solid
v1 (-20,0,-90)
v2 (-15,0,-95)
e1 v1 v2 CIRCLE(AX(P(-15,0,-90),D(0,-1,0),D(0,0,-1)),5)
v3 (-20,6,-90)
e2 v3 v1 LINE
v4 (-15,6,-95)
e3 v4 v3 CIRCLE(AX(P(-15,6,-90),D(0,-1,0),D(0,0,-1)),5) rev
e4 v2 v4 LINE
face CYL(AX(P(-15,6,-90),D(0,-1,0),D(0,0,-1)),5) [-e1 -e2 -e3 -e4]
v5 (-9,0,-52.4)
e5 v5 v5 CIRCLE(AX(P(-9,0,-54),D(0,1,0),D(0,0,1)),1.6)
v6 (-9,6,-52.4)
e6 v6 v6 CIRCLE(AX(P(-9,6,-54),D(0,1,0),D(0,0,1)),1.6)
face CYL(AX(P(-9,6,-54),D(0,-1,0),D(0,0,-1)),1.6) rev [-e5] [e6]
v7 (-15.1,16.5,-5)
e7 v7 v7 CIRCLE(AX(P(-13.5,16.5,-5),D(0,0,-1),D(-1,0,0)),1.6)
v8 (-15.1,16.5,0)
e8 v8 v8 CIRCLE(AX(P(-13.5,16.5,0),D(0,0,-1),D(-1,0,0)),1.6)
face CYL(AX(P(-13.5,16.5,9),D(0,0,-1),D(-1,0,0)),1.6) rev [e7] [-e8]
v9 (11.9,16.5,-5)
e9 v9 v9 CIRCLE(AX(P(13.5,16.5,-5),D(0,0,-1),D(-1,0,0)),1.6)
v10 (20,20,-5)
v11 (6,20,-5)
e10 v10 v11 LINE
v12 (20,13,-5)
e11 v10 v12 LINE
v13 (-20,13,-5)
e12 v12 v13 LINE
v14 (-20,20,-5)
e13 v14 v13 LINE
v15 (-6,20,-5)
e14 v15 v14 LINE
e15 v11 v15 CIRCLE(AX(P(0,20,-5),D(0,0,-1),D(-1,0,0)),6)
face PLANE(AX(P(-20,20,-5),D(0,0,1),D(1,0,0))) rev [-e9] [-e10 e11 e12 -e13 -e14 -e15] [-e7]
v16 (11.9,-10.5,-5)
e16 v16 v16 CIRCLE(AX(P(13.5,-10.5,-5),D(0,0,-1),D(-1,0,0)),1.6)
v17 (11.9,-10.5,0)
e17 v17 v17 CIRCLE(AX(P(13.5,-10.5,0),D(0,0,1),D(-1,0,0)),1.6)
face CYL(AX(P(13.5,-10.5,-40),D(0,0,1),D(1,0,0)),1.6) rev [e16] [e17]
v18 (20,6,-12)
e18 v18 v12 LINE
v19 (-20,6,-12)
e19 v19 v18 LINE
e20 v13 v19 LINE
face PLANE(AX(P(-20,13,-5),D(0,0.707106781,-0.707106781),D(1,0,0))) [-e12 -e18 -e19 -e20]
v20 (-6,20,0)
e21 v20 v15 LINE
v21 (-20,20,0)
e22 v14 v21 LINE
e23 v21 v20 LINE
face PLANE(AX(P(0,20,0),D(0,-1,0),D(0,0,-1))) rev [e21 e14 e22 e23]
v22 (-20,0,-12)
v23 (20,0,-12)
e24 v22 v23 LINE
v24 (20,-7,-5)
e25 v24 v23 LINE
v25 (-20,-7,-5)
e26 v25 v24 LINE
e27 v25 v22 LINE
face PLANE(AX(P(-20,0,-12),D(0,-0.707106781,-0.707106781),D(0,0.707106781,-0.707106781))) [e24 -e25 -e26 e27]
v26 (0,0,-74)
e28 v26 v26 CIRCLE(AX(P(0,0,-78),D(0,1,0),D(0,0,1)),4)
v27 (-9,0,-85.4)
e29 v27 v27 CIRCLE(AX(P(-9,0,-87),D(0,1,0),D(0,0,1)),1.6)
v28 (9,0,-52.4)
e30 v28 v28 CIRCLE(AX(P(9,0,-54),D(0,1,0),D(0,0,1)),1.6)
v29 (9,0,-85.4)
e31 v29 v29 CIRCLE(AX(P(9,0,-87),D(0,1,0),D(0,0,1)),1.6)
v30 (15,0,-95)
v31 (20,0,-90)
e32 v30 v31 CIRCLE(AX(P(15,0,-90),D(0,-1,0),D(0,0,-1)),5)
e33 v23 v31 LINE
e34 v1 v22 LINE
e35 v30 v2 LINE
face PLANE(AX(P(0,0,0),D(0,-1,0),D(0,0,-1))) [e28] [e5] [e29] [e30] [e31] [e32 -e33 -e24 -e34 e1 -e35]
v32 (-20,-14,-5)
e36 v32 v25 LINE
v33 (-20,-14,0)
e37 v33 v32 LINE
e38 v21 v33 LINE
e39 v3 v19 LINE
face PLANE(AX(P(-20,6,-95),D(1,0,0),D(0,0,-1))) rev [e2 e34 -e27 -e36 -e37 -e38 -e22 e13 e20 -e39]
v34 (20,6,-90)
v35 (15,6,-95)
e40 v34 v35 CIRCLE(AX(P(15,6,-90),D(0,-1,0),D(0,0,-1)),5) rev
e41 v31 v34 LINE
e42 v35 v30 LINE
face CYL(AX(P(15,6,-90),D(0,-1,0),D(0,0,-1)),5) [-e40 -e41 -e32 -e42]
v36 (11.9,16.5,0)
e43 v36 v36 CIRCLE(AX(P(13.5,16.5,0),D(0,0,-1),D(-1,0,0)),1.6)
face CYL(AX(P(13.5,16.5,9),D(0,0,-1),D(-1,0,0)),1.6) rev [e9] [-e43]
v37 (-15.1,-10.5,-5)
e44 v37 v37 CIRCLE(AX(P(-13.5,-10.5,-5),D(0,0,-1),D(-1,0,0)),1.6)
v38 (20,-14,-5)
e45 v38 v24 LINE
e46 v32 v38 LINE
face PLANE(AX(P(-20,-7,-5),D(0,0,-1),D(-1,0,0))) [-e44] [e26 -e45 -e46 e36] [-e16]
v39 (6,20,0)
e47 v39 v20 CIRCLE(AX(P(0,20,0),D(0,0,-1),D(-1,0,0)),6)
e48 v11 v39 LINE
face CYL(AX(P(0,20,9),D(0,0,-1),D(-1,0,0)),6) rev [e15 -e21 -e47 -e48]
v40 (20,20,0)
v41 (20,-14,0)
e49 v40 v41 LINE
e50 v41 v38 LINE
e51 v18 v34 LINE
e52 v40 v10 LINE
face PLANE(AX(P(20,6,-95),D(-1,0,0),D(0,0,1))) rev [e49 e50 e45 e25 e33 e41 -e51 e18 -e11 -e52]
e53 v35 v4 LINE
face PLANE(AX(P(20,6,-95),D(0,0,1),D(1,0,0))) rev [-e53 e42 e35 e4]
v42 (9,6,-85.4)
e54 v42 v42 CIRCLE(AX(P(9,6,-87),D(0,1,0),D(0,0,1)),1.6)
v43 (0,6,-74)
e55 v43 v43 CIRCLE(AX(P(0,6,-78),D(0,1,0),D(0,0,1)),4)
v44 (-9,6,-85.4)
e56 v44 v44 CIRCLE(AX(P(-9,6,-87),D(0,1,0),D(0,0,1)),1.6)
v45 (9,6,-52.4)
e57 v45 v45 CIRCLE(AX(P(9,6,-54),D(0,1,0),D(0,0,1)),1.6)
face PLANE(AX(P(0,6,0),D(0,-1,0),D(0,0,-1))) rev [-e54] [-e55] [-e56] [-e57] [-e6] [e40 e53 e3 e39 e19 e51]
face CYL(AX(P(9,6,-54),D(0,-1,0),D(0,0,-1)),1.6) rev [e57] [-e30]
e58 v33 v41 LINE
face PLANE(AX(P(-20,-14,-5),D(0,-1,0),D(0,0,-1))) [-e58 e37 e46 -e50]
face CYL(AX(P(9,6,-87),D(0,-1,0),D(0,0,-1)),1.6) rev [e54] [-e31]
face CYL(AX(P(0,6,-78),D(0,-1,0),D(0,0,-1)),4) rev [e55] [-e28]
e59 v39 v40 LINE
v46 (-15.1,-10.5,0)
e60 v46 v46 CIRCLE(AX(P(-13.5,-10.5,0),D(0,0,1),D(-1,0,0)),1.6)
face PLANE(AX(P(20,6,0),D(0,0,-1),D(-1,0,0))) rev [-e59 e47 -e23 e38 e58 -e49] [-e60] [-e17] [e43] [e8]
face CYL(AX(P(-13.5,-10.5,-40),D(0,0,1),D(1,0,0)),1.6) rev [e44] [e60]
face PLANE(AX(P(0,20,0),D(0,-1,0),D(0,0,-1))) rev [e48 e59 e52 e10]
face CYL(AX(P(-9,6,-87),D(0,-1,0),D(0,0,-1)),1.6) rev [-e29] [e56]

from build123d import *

# Parameters (mm, degrees)
SKETCH_1_W          = 40
SKETCH_1_H          = 95
SKETCH_1_R          = 4
SKETCH_1_R_2        = 1.6
EXTRUDE_1_DEPTH     = 6
SKETCH_2_W          = 40
SKETCH_2_H          = 5
EXTRUDE_2_DEPTH     = 14
SKETCH_3_R          = 6
CUT_EXTRUDE_1_DEPTH = 14
CHAMFER_1_SIZE      = 7
SKETCH_4_R          = 1.6
CUT_EXTRUDE_2_DEPTH = 14
FILLET_1_R          = 5
EXTRUDE_3_DEPTH     = 40
SKETCH_7_R          = 1.6
CUT_EXTRUDE_3_DEPTH = 40


with BuildPart() as part:
    # Эскиз1 → Бобышка-Вытянуть1 (new body)
    with BuildSketch(Plane(origin=(0, 0, 0), x_dir=(1, 0, 0), z_dir=(0, 1, 0))):
        with Locations((0, 47.5)):
            Rectangle(SKETCH_1_W, SKETCH_1_H)
        with Locations((0, 78)):
            Circle(SKETCH_1_R, mode=Mode.SUBTRACT)
        with Locations((-9, 87)):
            Circle(SKETCH_1_R_2, mode=Mode.SUBTRACT)
        with Locations((9, 87)):
            Circle(SKETCH_1_R_2, mode=Mode.SUBTRACT)
        with Locations((-9, 54)):
            Circle(SKETCH_1_R_2, mode=Mode.SUBTRACT)
        with Locations((9, 54)):
            Circle(SKETCH_1_R_2, mode=Mode.SUBTRACT)
    extrude(amount=EXTRUDE_1_DEPTH)

    # Эскиз2 → Бобышка-Вытянуть2 (add)
    with BuildSketch(Plane(origin=(0, 6, 0), x_dir=(1, 0, 0), z_dir=(0, 1, 0))):
        with Locations((0, 2.5)):
            Rectangle(SKETCH_2_W, SKETCH_2_H)
    extrude(amount=EXTRUDE_2_DEPTH)

    # Эскиз3 → Вырез-Вытянуть1 (cut)
    with BuildSketch(Plane(origin=(0, 0, -5), x_dir=(-1, 0, 0), z_dir=(0, 0, -1))):
        with Locations((0, 20)):
            Circle(SKETCH_3_R)
    extrude(amount=-CUT_EXTRUDE_1_DEPTH, mode=Mode.SUBTRACT)

    # Фаска1
    chamfer_1_edges = [part.edges().sort_by_distance(p)[0] for p in [
        (0, 6, -5),
    ]]
    chamfer(chamfer_1_edges, length=CHAMFER_1_SIZE)

    # Эскиз4 → Вырез-Вытянуть2 (cut)
    with BuildSketch(Plane(origin=(0, 0, -5), x_dir=(-1, 0, 0), z_dir=(0, 0, -1))):
        with Locations((13.5, 16.5)):
            Circle(SKETCH_4_R)
        with Locations((-13.5, 16.5)):
            Circle(SKETCH_4_R)
    extrude(amount=-CUT_EXTRUDE_2_DEPTH, mode=Mode.SUBTRACT)

    # Скругление1
    fillet_1_edges = [part.edges().sort_by_distance(p)[0] for p in [
        (-20, 3, -95),
        (20, 3, -95),
    ]]
    fillet(fillet_1_edges, radius=FILLET_1_R)

    # Эскиз5 → Бобышка-Вытянуть3 (add)
    with BuildSketch(Plane(origin=(20, 0, 0), x_dir=(0, 0, -1), z_dir=(1, 0, 0))):
        Polygon((5, -7), (5, -14), (0, -14), (0, 0), (12, 0), align=None)
    extrude(amount=-EXTRUDE_3_DEPTH)

    # Эскиз7 → Вырез-Вытянуть3 (cut)
    with BuildSketch(Plane.XY):
        with Locations((13.5, -10.5)):
            Circle(SKETCH_7_R)
        with Locations((-13.5, -10.5)):
            Circle(SKETCH_7_R)
    extrude(amount=-CUT_EXTRUDE_3_DEPTH, mode=Mode.SUBTRACT)


solid = part.part
